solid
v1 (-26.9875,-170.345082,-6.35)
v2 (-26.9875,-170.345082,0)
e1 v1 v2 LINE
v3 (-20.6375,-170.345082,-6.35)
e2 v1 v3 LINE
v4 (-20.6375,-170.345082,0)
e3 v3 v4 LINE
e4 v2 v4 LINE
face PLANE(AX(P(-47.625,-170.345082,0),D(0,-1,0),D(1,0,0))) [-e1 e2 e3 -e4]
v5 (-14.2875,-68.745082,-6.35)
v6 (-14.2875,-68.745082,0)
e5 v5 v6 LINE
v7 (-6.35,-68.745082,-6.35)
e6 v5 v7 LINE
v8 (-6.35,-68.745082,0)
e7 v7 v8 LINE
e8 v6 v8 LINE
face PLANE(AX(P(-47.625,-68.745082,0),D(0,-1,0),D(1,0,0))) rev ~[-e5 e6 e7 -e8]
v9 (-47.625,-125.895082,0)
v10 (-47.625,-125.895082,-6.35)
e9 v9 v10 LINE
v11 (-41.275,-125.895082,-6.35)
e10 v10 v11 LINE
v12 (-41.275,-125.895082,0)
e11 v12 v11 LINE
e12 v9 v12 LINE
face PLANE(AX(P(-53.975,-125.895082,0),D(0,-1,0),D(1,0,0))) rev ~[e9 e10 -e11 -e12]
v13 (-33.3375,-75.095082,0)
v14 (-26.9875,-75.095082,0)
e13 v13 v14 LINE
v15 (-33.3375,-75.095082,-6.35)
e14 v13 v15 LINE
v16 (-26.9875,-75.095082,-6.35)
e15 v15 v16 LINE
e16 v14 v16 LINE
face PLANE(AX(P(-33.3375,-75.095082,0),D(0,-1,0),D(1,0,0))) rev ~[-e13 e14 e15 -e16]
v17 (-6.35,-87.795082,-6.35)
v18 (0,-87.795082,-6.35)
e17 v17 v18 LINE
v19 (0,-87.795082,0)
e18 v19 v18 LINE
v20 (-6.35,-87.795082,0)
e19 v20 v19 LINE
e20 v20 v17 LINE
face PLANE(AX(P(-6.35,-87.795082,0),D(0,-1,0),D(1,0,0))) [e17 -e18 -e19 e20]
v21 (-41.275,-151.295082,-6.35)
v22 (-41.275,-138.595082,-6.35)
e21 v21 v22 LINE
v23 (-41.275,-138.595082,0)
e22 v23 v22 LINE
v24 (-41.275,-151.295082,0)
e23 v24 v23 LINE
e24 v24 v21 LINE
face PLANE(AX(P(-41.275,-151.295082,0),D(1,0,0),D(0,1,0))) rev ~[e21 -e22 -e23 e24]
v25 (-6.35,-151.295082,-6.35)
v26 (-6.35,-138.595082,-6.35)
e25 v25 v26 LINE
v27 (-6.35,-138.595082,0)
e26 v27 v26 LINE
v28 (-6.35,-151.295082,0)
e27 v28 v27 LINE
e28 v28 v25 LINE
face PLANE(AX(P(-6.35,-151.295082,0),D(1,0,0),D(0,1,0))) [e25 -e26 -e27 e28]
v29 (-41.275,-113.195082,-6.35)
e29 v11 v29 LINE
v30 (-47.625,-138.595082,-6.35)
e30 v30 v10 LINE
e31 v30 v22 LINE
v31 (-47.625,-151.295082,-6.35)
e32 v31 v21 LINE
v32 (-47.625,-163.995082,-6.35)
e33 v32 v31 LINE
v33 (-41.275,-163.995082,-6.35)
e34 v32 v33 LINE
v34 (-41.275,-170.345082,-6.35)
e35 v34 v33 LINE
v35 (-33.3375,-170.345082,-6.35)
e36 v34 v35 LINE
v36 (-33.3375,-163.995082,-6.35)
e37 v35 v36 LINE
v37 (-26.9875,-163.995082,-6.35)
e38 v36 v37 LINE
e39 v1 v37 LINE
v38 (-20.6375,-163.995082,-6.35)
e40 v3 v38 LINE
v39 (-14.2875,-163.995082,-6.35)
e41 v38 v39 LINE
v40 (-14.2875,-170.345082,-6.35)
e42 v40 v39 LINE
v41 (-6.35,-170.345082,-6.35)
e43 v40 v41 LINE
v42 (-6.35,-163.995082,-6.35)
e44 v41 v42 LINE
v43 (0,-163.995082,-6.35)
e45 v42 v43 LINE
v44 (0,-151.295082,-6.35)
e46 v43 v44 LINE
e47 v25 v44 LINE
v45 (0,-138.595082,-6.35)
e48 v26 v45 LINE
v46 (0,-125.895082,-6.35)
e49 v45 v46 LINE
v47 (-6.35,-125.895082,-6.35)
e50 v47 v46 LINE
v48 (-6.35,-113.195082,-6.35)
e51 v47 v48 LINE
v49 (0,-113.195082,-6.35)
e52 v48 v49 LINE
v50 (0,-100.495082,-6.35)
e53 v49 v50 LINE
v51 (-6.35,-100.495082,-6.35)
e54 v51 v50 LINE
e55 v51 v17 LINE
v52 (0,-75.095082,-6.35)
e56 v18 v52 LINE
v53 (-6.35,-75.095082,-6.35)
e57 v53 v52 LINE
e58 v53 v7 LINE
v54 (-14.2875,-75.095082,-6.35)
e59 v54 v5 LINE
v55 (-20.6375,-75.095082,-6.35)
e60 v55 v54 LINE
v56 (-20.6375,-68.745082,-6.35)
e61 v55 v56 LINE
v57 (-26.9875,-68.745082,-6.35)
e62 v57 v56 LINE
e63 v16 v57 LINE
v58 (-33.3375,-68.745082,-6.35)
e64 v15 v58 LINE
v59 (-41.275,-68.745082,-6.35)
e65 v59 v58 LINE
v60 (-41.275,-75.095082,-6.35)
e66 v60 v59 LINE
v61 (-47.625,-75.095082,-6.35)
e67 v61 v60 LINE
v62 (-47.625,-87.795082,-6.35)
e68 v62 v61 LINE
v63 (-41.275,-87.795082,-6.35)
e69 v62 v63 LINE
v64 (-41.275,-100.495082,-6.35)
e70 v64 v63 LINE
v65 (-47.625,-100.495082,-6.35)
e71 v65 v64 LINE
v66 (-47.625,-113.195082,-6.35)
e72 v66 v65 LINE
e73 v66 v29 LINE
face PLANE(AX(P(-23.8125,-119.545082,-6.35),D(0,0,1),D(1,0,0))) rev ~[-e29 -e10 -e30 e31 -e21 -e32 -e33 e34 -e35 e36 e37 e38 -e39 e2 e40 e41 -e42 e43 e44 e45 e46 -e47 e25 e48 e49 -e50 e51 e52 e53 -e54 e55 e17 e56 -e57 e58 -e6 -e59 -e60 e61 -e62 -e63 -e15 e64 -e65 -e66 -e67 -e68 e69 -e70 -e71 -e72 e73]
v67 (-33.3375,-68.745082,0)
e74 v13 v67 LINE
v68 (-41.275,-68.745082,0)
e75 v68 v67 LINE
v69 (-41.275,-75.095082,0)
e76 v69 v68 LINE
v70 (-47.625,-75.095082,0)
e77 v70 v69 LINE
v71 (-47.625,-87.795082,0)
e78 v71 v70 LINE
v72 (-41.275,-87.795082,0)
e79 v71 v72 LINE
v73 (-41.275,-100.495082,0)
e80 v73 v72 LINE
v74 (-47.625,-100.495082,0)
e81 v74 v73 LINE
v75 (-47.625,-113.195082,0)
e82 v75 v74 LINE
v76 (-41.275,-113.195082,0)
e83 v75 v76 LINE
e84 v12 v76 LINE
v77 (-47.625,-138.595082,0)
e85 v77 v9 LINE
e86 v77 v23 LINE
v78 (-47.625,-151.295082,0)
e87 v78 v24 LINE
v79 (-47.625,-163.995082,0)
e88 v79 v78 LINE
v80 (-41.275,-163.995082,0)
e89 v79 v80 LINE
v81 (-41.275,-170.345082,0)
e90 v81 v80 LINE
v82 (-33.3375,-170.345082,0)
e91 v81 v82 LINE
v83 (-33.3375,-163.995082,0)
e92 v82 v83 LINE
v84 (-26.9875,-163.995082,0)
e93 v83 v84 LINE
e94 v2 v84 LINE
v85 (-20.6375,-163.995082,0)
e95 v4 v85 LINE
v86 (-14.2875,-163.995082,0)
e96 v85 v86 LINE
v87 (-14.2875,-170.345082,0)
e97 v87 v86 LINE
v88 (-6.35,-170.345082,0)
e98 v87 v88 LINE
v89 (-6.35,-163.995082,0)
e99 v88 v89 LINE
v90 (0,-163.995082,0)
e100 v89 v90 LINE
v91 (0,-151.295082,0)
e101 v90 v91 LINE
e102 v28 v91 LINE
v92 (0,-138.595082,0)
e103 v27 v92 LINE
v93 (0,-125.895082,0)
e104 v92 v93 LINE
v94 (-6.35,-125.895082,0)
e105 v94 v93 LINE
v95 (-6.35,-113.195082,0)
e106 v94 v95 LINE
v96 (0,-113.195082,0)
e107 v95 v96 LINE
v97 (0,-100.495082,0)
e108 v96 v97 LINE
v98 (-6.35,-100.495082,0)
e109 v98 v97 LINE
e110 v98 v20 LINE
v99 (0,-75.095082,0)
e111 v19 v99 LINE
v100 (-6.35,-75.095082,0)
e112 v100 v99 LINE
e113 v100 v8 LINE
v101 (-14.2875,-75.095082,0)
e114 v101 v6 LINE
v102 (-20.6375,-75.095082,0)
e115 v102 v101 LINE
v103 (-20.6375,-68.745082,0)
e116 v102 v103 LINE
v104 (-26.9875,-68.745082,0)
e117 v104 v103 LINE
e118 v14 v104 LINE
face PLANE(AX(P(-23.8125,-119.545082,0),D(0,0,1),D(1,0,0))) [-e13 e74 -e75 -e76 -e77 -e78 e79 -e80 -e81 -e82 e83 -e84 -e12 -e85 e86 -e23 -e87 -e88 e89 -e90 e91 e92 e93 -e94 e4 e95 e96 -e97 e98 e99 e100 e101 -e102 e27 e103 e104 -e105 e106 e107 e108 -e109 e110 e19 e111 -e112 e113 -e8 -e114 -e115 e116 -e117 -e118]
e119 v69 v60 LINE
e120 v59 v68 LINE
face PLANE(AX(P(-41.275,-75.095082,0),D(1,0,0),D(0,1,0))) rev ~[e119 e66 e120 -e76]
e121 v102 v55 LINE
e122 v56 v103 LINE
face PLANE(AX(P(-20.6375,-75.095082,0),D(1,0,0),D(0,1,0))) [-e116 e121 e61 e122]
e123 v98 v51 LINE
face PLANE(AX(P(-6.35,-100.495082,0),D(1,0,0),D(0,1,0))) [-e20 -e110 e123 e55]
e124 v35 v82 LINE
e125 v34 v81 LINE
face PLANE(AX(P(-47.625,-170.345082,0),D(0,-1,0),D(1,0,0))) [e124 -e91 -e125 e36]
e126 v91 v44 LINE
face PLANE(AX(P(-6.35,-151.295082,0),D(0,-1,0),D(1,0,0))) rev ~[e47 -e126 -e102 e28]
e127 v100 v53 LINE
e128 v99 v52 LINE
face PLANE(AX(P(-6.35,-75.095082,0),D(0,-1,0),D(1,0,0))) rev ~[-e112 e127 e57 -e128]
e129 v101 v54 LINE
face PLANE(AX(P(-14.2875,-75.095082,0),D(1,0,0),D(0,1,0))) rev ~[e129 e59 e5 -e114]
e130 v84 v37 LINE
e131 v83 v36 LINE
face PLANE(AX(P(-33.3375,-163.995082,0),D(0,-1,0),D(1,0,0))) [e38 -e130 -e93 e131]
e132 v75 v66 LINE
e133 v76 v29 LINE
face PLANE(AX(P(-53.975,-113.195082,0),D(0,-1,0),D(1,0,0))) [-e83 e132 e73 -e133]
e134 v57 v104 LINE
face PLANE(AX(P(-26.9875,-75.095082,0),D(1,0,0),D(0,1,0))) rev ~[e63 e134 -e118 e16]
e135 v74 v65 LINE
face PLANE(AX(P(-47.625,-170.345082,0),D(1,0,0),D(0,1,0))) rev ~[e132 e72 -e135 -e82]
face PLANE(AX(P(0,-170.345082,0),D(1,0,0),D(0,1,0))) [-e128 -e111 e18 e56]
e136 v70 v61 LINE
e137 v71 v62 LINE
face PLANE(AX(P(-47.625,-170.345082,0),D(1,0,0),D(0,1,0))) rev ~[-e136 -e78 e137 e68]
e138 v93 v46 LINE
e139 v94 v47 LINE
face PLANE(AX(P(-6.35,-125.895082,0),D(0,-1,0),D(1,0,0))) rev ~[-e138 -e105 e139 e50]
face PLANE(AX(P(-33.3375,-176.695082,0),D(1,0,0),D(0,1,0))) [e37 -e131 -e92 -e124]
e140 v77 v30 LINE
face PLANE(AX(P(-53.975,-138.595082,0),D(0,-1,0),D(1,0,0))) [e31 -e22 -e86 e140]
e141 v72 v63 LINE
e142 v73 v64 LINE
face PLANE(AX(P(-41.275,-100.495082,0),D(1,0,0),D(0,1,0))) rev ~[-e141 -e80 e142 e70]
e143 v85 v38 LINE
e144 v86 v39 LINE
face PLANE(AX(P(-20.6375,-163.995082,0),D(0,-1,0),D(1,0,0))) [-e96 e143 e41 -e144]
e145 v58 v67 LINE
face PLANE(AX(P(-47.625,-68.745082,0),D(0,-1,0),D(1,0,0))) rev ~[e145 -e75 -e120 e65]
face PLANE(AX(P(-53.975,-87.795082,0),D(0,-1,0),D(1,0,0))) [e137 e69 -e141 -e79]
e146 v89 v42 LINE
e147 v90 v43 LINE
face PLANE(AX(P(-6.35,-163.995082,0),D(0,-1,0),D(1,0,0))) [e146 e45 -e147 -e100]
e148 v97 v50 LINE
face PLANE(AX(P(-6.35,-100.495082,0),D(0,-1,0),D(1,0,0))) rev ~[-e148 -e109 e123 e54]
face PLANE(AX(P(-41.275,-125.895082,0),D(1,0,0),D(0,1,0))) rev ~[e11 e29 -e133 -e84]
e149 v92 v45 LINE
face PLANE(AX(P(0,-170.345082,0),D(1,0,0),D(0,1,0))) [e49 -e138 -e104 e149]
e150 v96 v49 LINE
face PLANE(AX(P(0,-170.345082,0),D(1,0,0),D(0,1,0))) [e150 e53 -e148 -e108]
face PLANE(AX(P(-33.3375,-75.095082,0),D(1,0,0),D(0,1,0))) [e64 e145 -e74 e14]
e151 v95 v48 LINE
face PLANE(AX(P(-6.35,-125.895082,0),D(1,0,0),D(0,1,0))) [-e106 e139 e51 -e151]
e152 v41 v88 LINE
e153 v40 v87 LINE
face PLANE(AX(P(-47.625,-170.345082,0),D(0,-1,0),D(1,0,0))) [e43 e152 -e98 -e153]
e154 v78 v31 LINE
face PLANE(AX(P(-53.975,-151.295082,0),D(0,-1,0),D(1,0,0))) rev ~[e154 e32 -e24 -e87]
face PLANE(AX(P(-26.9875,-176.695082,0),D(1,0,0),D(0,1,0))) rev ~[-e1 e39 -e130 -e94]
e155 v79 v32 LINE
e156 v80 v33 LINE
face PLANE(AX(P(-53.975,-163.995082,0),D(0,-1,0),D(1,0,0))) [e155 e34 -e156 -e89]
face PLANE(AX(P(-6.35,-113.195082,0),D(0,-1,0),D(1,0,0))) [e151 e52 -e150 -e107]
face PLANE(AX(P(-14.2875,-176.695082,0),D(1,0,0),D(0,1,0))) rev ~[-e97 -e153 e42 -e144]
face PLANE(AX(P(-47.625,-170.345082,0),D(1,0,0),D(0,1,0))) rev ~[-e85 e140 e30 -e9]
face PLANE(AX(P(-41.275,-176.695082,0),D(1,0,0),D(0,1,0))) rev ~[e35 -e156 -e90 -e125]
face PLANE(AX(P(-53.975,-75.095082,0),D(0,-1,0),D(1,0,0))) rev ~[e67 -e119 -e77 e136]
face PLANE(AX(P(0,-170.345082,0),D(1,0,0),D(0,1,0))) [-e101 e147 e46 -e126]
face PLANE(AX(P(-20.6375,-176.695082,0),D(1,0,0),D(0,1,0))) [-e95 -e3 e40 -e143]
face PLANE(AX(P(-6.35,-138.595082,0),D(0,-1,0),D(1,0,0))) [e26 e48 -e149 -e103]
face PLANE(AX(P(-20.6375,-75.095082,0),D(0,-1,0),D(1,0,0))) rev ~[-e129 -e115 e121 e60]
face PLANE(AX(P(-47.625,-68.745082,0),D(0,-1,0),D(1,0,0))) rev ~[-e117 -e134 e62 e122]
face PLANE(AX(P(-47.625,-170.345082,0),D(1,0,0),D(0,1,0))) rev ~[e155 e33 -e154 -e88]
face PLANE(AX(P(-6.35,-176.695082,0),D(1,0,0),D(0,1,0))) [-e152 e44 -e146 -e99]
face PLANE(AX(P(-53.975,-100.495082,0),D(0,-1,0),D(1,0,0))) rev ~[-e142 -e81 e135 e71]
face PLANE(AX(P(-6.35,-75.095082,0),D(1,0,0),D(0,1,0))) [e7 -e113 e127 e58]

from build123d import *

# Parameters (mm, degrees)
SKETCH1_W           = 47.625
SKETCH1_H           = 101.6
BOSS_EXTRUDE1_DEPTH = 6.35
SKETCH4_W           = 12.7
SKETCH4_H           = 12.7
CUT_EXTRUDE1_DEPTH  = 177.991271514
LPATTERN1_COUNT     = 3
LPATTERN1_PITCH     = 25.4
LPATTERN1_COL_COUNT = 3
LPATTERN1_COL_PITCH = 25.4
SKETCH3_W           = 6.35
SKETCH3_H           = 12.7
CUT_EXTRUDE2_DEPTH  = 177.991271514


with BuildPart() as part:
    # Sketch1 → Boss-Extrude1 (new body)
    with BuildSketch(Plane.XY):
        with Locations((-23.8125, -119.54508231)):
            Rectangle(SKETCH1_W, SKETCH1_H)
    extrude(amount=-BOSS_EXTRUDE1_DEPTH)

    # Sketch4 → Cut-Extrude1 (cut, through all)
    with BuildSketch(Plane.XY):
        with Locations((0, -119.54508231)):
            Rectangle(SKETCH4_W, SKETCH4_H)
        with Locations((-47.625, -119.54508231)):
            Rectangle(SKETCH4_W, SKETCH4_H)
    cut_extrude1 = extrude(amount=-CUT_EXTRUDE1_DEPTH, mode=Mode.SUBTRACT)

    # LPattern1: Cut-Extrude1 ×3
    with Locations(*[(0, -i * LPATTERN1_PITCH, 0) for i in range(1, LPATTERN1_COUNT)]):
        add(cut_extrude1, mode=Mode.SUBTRACT)

    # LPattern1 col: Cut-Extrude1 ×3
    with Locations(*[(0, i * LPATTERN1_COL_PITCH, 0) for i in range(1, LPATTERN1_COL_COUNT)]):
        add(cut_extrude1, mode=Mode.SUBTRACT)

    # Sketch3 → Cut-Extrude2 (cut, through all)
    with BuildSketch(Plane.XY):
        with Locations((-17.4625, -68.74508231)):
            Rectangle(SKETCH3_W, SKETCH3_H)
        with Locations((-30.1625, -68.74508231)):
            Rectangle(SKETCH3_W, SKETCH3_H)
        with Locations((-30.1625, -170.34508231)):
            Rectangle(SKETCH3_W, SKETCH3_H)
        with Locations((-17.4625, -170.34508231)):
            Rectangle(SKETCH3_W, SKETCH3_H)
    extrude(amount=-CUT_EXTRUDE2_DEPTH, mode=Mode.SUBTRACT)


solid = part.part
